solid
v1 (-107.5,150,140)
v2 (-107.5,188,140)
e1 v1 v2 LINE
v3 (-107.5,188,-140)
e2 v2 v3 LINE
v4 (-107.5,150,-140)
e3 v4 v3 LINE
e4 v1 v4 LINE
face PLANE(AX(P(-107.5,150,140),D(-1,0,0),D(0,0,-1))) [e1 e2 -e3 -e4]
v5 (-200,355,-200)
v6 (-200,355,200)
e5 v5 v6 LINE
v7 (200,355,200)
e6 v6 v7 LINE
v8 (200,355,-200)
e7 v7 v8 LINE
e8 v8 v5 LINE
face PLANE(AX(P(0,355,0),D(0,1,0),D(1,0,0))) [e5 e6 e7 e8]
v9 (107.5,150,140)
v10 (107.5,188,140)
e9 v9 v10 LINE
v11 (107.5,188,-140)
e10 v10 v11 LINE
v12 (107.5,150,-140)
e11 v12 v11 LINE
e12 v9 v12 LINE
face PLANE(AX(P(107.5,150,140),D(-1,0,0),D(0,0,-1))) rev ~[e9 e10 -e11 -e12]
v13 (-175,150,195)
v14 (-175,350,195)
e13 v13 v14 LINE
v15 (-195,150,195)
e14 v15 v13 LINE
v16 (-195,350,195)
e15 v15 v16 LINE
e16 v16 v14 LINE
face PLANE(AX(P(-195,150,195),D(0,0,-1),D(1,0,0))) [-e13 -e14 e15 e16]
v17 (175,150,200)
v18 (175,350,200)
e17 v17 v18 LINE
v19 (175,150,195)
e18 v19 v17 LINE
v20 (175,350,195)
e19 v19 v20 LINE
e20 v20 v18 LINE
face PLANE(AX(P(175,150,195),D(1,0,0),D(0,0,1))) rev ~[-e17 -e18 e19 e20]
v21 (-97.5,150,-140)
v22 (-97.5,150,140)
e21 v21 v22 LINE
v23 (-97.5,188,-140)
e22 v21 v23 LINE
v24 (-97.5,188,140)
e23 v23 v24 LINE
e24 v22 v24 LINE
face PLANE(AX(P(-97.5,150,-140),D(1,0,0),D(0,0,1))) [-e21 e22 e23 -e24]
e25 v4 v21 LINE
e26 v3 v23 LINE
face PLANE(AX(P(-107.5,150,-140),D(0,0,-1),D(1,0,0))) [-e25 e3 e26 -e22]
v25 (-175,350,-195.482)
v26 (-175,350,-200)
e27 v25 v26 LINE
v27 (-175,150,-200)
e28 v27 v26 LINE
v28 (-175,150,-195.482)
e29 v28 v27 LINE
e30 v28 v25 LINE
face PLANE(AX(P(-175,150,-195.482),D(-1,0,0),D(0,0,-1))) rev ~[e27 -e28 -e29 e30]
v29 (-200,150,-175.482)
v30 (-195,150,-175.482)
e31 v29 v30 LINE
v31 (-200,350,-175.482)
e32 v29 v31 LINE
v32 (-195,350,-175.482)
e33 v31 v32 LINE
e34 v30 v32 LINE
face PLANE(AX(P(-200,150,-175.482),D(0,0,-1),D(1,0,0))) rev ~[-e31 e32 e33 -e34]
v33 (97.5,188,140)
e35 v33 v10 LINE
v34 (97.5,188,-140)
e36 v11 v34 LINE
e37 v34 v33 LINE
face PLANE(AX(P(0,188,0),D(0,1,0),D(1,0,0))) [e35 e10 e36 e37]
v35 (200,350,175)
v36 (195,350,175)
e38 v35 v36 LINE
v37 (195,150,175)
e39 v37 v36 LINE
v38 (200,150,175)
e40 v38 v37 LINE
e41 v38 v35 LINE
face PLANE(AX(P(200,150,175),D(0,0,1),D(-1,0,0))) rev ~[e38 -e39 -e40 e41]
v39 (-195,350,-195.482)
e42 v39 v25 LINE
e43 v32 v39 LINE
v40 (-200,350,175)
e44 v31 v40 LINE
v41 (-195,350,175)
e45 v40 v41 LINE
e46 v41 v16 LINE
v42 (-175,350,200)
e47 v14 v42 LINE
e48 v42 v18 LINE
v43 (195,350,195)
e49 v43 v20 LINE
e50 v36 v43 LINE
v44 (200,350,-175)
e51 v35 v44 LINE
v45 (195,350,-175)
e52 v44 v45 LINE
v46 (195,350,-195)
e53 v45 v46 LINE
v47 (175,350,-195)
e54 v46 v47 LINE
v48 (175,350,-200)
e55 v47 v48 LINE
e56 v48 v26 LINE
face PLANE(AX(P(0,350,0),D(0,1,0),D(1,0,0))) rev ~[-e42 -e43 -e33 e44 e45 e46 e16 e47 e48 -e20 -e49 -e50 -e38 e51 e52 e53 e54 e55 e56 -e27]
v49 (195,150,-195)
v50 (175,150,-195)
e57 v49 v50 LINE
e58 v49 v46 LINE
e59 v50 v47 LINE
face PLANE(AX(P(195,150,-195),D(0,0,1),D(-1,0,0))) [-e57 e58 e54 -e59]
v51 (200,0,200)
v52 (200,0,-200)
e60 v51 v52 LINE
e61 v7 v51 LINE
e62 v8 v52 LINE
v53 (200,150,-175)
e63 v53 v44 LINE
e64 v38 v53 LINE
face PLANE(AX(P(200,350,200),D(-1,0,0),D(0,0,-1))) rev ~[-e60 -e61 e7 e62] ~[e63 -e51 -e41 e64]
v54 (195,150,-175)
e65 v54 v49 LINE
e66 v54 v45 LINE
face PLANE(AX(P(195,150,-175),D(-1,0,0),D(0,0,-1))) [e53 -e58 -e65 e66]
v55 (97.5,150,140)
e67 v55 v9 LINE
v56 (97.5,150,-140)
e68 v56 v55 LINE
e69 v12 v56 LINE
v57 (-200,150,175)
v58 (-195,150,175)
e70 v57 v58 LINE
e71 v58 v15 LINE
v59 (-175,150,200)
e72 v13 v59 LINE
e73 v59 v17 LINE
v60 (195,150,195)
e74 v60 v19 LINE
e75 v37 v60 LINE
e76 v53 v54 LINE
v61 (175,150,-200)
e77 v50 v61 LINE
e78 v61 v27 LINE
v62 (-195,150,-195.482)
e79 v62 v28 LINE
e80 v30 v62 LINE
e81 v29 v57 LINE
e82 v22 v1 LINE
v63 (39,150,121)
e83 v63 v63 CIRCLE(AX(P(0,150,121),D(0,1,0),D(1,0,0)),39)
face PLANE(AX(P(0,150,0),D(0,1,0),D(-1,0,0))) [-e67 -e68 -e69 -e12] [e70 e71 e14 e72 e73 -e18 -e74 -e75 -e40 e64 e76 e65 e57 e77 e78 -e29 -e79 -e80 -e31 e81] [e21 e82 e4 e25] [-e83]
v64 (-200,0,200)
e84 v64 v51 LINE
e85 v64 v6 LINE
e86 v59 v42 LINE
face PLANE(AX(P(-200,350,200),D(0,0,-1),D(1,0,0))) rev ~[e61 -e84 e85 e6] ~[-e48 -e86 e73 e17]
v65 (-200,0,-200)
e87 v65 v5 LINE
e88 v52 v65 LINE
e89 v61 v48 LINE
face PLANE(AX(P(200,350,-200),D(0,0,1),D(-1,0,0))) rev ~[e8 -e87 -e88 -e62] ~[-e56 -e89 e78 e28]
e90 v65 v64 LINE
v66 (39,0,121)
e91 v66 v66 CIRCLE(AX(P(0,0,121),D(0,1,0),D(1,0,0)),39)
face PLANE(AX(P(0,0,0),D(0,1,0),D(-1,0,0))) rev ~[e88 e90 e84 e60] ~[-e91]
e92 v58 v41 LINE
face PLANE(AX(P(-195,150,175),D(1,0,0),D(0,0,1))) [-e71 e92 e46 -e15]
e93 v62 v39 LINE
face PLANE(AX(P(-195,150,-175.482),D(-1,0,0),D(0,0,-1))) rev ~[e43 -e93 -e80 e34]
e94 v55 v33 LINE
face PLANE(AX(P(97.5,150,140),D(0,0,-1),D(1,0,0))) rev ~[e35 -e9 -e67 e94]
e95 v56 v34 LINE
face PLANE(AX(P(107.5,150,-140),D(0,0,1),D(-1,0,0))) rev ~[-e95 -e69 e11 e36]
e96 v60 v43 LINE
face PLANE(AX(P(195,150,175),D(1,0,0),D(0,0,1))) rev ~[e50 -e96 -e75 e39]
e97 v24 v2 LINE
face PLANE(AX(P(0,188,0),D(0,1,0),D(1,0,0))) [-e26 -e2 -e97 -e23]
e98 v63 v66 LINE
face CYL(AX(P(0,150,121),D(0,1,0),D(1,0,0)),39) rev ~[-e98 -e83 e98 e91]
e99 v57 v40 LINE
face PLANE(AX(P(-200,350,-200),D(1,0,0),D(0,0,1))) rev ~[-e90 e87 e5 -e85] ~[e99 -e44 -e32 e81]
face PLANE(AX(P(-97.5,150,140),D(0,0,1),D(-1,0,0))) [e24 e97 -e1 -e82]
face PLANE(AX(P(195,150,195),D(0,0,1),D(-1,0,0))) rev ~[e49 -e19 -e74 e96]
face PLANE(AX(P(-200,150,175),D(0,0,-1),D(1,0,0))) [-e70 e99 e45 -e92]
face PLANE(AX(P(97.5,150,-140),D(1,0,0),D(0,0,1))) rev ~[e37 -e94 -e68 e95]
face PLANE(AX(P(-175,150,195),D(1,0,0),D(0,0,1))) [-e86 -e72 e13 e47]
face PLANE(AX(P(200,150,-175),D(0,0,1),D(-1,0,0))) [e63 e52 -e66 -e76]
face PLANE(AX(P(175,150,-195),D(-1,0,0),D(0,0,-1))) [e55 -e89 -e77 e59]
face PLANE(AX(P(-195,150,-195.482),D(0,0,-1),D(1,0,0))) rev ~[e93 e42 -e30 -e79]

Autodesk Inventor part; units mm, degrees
ref_plane "YZ Plane" through (0, 0, 0) normal (1, 0, 0) x (0, 1, 0)
ref_plane "XZ Plane" through (0, 0, 0) normal (0, 1, 0) x (-1, 0, 0)
ref_plane "XY Plane" through (0, 0, 0) normal (0, 0, 1) x (1, 0, 0)
sketch "Boceto1" plane through (0, 0, 0) normal (0, 1, 0) x (-1, 0, 0)
  line L0 (200, 200) -> (-200, 200)
  line L1 (-200, 200) -> (-200, -200)
  line L2 (-200, -200) -> (200, -200)
  line L3 (200, -200) -> (200, 200)
  point P0 (0, 0)
  dimension "d0" = 400
  dimension "L" = 400
  dimension "d2" = 200
  dimension "d3" = 200
extrude "Extrusión1" add sketch "Boceto1" along normal blind 150
sketch "Boceto3" plane through (0, 150, 0) normal (0, 1, 0) x (1, 0, 0)
  circle A0 centre (0, -121) radius 39
  line L0 (200, 200) -> (-200, 200) projected
  line L1 (-200, -200) -> (200, -200) projected
  point P0 (0, 0)
  dimension "D" = 78
  dimension "d27" = 79
extrude "Extrusión2" cut sketch "Boceto3" against normal blind 153.75
ref_plane "Plano de trabajo1" through (0, 0, 200) normal (1, 0, 0) x (0, 0, -1)
ref_plane "Plano de trabajo2" through (-200, 0, 0) normal (0, 0, 1) x (1, 0, 0)
sketch "Boceto4" plane through (0, 150, 0) normal (0, 1, 0) x (1, 0, 0)
  line L0 (-97.5, 140) -> (-97.5, -140)
  line L1 (97.5, 140) -> (97.5, -140)
  line L2 (200, 200) -> (-200, 200) projected
  circle A0 centre (0, -121) radius 39 projected
  line L3 (-200, -200) -> (200, -200) projected
  line L4 (-97.5, -140) -> (-107.5, -140)
  line L5 (-107.5, -140) -> (-107.5, 140)
  line L6 (-107.5, 140) -> (-97.5, 140)
  line L7 (-97.5, 140) -> (-97.5, -140)
  line L8 (97.5, -140) -> (107.5, -140)
  line L9 (107.5, -140) -> (107.5, 140)
  line L10 (107.5, 140) -> (97.5, 140)
  line L11 (97.5, 140) -> (97.5, -140)
  point P0 (0, 0)
  dimension "Lriel" = 280
  dimension "d13" = 60
  dimension "d14" = 280
  dimension "d15" = 60
  dimension "d19" = 10
  dimension "d20" = 280
  dimension "d21" = 97.5
  dimension "d22" = 10
  dimension "d23" = 280
  dimension "d24" = 97.5
extrude "Extrusión3" add sketch "Boceto4" along normal blind 38 contours L0 L4 L5 L6 | L10 L9 L8 L1
sketch "Boceto5" plane through (0, 150, 0) normal (0, 1, 0) x (1, 0, 0)
  line L0 (-200, 200) -> (-200, -200) projected
  line L1 (-200, 200) -> (-200, 175)
  line L2 (-200, 175.482) -> (-195, 175.482)
  line L3 (-195, 175.482) -> (-195, 195.482)
  line L4 (-195, 195.482) -> (-175, 195.482)
  line L5 (-175, 195.482) -> (-175, 200)
  line L6 (200, 200) -> (-200, 200) projected
  line L7 (-200, 200) -> (-175, 200)
  line L8 (-200, -200) -> (-200, -175)
  line L9 (-200, -175) -> (-195, -175)
  line L10 (-195, -175) -> (-195, -195)
  line L11 (-195, -195) -> (-175, -195)
  line L12 (-175, -195) -> (-175, -200)
  line L13 (-200, -200) -> (200, -200) projected
  line L14 (-175, -200) -> (-200, -200)
  line L15 (200, -200) -> (200, 200) projected
  line L16 (200, -200) -> (200, -175)
  line L17 (200, -175) -> (195, -175)
  line L18 (195, -175) -> (195, -195)
  line L19 (195, -195) -> (175, -195)
  line L20 (175, -195) -> (175, -200)
  line L21 (200, -200) -> (175, -200)
  line L22 (200, 200) -> (200, 175)
  line L23 (200, 175) -> (195, 175)
  line L24 (195, 175) -> (195, 195)
  line L25 (195, 195) -> (175, 195)
  line L26 (175, 195) -> (175, 200)
  line L27 (200, 200) -> (175, 200)
  point P0 (0, 0)
  dimension "d28" = 25
  dimension "d29" = 5
  dimension "d30" = 20
  dimension "d31" = 20
  dimension "d32" = 25
  dimension "d33" = 5
  dimension "d34" = 20
  dimension "d35" = 20
  dimension "d36" = 25
  dimension "d37" = 5
  dimension "d38" = 20
  dimension "d39" = 20
  dimension "d40" = 25
  dimension "d41" = 5
  dimension "d42" = 20
  dimension "d43" = 20
extrude "Extrusión4" add sketch "Boceto5" along normal blind 200 contours L6 L5 L4 L3 L2 L0 | L6 L15 L23 L24 L25 L26 | L9 L10 L11 L12 L13 L0 | L15 L13 L20 L19 L18 L17
sketch "Boceto6" plane through (0, 350, 0) normal (0, 1, 0) x (1, 0, 0)
  line L0 (-200, 200) -> (-200, -200) projected
  line L1 (-200, -200) -> (200, -200)
  line L2 (200, -200) -> (200, 200)
  line L3 (200, 200) -> (-200, 200)
  line L4 (-200, 200) -> (-200, -200)
  point P0 (0, 0)
extrude "Extrusión5" add sketch "Boceto6" along normal blind 5
equation "\"d0\" = L"
equation "\"d2\" = 0.5 * L"
equation "\"d3\" = 0.5 * L"
equation "\"d14\" = Lriel"
properties part number "CajaBoya"
